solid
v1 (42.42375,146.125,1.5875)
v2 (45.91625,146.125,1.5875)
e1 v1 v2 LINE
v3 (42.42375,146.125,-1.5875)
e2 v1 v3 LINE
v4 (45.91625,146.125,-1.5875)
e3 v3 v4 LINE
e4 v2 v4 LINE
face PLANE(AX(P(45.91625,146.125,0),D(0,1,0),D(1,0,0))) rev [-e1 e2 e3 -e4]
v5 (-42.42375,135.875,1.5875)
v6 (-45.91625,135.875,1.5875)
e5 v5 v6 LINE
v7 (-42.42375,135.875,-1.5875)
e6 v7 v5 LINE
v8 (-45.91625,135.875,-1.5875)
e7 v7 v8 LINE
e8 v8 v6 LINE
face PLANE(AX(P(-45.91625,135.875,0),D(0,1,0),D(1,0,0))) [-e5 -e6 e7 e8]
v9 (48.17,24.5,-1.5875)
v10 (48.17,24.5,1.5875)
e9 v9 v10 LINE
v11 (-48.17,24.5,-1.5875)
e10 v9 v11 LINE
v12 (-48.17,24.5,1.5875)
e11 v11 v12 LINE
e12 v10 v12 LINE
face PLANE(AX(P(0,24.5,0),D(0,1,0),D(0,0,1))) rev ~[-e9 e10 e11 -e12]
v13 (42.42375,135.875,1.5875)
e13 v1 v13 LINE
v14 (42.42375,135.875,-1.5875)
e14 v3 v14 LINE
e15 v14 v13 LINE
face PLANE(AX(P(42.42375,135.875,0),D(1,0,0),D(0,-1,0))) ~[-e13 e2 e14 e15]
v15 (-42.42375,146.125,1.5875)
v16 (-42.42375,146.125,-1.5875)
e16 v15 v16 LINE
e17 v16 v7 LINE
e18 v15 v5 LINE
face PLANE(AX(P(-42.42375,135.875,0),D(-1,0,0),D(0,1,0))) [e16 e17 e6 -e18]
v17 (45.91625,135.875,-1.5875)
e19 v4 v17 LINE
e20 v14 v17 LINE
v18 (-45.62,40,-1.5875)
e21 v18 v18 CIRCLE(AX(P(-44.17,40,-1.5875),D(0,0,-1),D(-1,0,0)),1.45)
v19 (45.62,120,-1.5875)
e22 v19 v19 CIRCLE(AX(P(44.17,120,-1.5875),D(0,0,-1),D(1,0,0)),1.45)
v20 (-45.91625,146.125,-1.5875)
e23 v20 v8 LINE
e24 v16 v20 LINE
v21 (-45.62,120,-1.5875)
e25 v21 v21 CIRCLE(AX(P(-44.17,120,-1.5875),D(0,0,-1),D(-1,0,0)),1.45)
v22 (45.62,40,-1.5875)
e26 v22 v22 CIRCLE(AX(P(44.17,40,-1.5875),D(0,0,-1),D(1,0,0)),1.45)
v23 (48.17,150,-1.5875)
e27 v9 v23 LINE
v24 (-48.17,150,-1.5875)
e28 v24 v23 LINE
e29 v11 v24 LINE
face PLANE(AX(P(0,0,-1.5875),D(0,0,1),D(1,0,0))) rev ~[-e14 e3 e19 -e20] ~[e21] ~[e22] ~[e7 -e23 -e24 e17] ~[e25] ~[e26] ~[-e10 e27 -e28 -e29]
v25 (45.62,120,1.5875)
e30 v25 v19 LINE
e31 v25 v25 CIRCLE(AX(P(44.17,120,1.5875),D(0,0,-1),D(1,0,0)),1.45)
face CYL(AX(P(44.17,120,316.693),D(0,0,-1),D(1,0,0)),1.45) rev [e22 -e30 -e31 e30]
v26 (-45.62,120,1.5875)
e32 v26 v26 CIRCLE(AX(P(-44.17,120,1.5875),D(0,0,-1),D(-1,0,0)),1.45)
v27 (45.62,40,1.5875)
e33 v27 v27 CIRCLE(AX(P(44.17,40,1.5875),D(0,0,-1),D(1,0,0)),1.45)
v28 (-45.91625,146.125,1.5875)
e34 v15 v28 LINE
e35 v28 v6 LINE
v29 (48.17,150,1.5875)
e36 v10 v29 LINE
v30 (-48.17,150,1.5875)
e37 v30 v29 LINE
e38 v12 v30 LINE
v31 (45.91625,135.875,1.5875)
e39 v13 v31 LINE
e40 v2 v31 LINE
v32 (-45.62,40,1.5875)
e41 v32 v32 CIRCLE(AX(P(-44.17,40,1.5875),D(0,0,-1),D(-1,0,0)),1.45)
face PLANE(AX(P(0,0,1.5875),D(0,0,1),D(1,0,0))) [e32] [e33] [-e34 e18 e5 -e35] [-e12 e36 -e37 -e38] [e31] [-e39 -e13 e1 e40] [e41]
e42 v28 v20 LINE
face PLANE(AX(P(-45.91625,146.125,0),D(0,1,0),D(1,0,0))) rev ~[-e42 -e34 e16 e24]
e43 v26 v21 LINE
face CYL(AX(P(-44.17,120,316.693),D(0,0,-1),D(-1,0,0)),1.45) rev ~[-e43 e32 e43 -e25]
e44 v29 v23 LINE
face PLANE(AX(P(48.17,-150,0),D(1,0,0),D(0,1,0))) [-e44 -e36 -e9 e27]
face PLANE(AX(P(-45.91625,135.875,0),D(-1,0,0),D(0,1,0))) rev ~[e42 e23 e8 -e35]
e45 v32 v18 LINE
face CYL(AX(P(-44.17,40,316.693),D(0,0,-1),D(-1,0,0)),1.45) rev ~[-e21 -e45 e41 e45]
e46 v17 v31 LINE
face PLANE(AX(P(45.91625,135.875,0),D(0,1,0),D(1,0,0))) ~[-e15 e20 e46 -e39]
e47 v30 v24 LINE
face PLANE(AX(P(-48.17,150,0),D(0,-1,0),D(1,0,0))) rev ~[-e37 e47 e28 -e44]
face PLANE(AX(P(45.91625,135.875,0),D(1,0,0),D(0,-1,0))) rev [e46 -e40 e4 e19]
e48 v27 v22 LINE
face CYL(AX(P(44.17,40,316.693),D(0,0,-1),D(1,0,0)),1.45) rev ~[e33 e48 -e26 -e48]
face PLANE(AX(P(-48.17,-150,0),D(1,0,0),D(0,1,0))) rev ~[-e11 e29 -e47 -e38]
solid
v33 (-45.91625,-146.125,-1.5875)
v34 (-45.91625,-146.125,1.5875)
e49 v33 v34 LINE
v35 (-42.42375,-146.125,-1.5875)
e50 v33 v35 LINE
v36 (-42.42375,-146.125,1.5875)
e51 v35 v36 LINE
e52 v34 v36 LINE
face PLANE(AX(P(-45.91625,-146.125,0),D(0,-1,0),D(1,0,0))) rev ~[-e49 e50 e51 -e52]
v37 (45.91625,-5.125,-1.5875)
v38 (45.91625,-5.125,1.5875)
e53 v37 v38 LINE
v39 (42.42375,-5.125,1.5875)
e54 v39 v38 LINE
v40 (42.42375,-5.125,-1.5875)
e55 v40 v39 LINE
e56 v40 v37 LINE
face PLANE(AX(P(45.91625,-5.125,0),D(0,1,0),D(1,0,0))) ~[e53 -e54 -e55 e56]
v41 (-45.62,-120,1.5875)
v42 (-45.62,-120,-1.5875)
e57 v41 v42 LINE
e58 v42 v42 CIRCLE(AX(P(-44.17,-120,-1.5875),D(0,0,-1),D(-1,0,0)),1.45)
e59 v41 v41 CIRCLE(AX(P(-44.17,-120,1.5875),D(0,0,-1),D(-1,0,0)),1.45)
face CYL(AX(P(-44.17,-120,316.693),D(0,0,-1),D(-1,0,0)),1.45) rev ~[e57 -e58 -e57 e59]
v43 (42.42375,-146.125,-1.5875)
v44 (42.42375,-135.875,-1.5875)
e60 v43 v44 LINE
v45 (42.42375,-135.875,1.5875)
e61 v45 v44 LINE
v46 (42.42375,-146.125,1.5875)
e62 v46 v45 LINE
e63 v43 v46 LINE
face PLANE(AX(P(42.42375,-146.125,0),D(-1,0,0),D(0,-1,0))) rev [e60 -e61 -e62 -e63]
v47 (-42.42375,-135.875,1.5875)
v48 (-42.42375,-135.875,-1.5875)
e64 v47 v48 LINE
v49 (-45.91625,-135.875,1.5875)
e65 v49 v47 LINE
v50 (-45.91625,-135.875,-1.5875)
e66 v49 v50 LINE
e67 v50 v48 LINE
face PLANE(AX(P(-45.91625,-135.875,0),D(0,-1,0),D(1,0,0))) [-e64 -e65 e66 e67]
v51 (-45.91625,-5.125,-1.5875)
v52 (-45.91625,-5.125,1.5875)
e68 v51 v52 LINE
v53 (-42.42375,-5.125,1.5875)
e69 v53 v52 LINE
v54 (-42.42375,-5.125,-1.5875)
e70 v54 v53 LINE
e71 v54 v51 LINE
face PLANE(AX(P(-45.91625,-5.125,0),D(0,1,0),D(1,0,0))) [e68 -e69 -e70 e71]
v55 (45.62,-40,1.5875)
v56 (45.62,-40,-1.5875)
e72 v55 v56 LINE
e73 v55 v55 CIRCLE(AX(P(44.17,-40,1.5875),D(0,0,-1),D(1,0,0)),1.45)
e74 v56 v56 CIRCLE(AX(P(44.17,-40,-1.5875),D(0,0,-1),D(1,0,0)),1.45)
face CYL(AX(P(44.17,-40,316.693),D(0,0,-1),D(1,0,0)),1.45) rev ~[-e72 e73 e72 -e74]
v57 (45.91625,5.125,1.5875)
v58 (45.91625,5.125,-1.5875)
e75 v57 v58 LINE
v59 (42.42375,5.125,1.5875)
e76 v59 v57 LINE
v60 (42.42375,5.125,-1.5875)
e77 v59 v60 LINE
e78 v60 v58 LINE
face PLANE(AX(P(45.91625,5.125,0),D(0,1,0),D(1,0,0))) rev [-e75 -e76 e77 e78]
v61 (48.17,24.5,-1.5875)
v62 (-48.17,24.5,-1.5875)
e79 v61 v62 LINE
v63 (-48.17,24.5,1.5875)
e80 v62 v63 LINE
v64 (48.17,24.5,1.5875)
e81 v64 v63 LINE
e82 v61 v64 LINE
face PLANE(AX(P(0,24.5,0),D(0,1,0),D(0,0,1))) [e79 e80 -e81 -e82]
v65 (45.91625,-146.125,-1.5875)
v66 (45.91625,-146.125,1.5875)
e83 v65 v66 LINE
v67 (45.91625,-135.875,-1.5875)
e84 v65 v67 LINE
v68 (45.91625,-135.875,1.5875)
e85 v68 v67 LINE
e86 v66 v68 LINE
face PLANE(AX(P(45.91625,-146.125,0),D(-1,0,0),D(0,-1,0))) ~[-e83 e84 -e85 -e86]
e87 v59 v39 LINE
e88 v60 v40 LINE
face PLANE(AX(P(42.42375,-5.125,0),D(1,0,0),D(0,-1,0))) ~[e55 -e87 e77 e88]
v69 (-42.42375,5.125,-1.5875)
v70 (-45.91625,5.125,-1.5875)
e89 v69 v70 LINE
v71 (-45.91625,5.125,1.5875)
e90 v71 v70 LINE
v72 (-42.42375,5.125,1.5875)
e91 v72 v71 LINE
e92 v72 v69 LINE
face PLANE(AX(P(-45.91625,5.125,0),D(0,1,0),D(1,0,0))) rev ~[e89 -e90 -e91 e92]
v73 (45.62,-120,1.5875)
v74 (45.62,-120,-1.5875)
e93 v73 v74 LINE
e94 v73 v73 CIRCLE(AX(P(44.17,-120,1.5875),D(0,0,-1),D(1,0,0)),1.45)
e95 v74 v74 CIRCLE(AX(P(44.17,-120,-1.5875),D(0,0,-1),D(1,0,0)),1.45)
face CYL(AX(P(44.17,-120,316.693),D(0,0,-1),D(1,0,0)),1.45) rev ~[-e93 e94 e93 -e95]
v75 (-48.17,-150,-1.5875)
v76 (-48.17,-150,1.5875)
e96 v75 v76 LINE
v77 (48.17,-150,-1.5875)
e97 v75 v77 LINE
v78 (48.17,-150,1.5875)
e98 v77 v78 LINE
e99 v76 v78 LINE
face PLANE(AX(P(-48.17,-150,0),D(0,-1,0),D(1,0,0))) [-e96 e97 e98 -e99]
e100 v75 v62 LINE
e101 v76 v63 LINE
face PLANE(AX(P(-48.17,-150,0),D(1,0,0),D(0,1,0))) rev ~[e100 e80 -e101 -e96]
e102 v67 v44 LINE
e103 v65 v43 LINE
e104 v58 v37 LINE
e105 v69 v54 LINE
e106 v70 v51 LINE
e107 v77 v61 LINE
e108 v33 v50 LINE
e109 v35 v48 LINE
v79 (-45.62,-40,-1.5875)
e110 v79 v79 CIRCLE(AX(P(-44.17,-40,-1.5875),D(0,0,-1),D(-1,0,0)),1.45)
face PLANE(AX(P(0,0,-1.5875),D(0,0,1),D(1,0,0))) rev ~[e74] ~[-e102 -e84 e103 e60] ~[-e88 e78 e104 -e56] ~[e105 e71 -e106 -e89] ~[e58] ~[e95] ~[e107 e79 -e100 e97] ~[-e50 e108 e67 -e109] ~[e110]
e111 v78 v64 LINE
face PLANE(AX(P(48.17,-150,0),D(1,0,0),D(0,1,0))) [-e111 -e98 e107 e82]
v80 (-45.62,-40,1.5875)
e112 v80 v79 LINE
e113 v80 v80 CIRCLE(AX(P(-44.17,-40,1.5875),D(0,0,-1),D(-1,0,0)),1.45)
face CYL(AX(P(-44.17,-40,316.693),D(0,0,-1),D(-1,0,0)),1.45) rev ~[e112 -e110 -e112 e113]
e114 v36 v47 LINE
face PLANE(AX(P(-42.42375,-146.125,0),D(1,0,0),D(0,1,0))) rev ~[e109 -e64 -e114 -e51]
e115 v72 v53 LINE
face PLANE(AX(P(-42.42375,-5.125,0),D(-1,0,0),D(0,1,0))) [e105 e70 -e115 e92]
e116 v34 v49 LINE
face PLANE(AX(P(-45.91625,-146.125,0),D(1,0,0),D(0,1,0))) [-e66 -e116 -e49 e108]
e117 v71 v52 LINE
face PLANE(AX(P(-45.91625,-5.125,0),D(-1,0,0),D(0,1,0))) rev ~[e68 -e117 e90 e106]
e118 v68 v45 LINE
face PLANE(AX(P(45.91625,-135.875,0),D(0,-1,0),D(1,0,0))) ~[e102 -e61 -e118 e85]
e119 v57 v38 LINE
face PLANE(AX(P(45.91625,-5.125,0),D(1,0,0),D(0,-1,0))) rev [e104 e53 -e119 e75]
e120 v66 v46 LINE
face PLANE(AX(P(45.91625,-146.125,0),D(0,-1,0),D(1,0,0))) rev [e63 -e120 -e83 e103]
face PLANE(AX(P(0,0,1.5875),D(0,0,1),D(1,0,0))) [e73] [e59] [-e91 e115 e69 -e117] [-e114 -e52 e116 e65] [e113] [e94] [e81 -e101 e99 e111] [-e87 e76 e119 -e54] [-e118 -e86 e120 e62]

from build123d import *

# Parameters (mm, degrees)
SKETCH1_W              = 96.34
SKETCH1_H              = 300
BOSS_EXTRUDE1_DEPTH    = 1.5875
SKETCH1_3_W            = 3.4925
SKETCH1_3_H            = 10.25
CUT_EXTRUDE1_DEPTH     = 158.552750075
M2_5_CLEARANCE_HOLE1_D = 2.9
LPATTERN1_COUNT        = 4
LPATTERN1_PITCH        = 80
MIRROR1_COPY_1_D       = 2.9
MIRROR1_COPY_2_D       = 2.9
MIRROR1_COPY_3_D       = 2.9
MIRROR1_COPY_4_D       = 2.9


with BuildPart() as part:
    # Sketch1 → Boss-Extrude1 (new, symmetric)
    with BuildSketch(Plane.XY):
        Rectangle(SKETCH1_W, SKETCH1_H)
    extrude(amount=BOSS_EXTRUDE1_DEPTH, both=True)

    # Sketch1<3> → Cut-Extrude1 (cut, symmetric)
    with BuildSketch(Plane.XY):
        with Locations((-44.17, 141)):
            Rectangle(SKETCH1_3_W, SKETCH1_3_H)
        with Locations((-44.17, 0)):
            Rectangle(SKETCH1_3_W, SKETCH1_3_H)
        with Locations((-44.17, -141)):
            Rectangle(SKETCH1_3_W, SKETCH1_3_H)
    cut_extrude1 = extrude(amount=CUT_EXTRUDE1_DEPTH, both=True, mode=Mode.SUBTRACT)

    # M2.5 Clearance Hole1 (through all)
    with Locations(Plane.XY.offset(1.5875)):
        with Locations((-44.17, 120)):
            m2_5_clearance_hole1 = Hole(M2_5_CLEARANCE_HOLE1_D / 2)

    # LPattern1: M2.5 Clearance Hole1 ×4
    with Locations(*[(0, -i * LPATTERN1_PITCH, 0) for i in range(1, LPATTERN1_COUNT)]):
        add(m2_5_clearance_hole1, mode=Mode.SUBTRACT)

    # Mirror1: Cut-Extrude1 across plane
    add(cut_extrude1.mirror(Plane(origin=(0, 0, 0), x_dir=(0, 0, 1), z_dir=(1, 0, 0))), mode=Mode.SUBTRACT)

    # Mirror1 copy 1 (through all)
    with Locations(Plane(origin=(0, -80, 1.5875), x_dir=(-1, 0, 0), z_dir=(0, 0, 1))):
        with Locations((-44.17, -120)):
            Hole(MIRROR1_COPY_1_D / 2)

    # Mirror1 copy 2 (through all)
    with Locations(Plane(origin=(0, -160, 1.5875), x_dir=(-1, 0, 0), z_dir=(0, 0, 1))):
        with Locations((-44.17, -120)):
            Hole(MIRROR1_COPY_2_D / 2)

    # Mirror1 copy 3 (through all)
    with Locations(Plane(origin=(0, -240, 1.5875), x_dir=(-1, 0, 0), z_dir=(0, 0, 1))):
        with Locations((-44.17, -120)):
            Hole(MIRROR1_COPY_3_D / 2)

    # Mirror1 copy 4 (through all)
    with Locations(Plane(origin=(0, 0, 1.5875), x_dir=(-1, 0, 0), z_dir=(0, 0, 1))):
        with Locations((-44.17, -120)):
            Hole(MIRROR1_COPY_4_D / 2)


with BuildPart() as body_2:
    # Split1: the piece on the far side of the plane
    add(part.part)
    split(bisect_by=Plane.ZX.offset(24.5), keep=Keep.BOTTOM)


with BuildPart() as part_1:
    add(part.part)

    # Split1
    split(bisect_by=Plane.ZX.offset(24.5), keep=Keep.TOP)


solid = Compound([body_2.part, part_1.part])
